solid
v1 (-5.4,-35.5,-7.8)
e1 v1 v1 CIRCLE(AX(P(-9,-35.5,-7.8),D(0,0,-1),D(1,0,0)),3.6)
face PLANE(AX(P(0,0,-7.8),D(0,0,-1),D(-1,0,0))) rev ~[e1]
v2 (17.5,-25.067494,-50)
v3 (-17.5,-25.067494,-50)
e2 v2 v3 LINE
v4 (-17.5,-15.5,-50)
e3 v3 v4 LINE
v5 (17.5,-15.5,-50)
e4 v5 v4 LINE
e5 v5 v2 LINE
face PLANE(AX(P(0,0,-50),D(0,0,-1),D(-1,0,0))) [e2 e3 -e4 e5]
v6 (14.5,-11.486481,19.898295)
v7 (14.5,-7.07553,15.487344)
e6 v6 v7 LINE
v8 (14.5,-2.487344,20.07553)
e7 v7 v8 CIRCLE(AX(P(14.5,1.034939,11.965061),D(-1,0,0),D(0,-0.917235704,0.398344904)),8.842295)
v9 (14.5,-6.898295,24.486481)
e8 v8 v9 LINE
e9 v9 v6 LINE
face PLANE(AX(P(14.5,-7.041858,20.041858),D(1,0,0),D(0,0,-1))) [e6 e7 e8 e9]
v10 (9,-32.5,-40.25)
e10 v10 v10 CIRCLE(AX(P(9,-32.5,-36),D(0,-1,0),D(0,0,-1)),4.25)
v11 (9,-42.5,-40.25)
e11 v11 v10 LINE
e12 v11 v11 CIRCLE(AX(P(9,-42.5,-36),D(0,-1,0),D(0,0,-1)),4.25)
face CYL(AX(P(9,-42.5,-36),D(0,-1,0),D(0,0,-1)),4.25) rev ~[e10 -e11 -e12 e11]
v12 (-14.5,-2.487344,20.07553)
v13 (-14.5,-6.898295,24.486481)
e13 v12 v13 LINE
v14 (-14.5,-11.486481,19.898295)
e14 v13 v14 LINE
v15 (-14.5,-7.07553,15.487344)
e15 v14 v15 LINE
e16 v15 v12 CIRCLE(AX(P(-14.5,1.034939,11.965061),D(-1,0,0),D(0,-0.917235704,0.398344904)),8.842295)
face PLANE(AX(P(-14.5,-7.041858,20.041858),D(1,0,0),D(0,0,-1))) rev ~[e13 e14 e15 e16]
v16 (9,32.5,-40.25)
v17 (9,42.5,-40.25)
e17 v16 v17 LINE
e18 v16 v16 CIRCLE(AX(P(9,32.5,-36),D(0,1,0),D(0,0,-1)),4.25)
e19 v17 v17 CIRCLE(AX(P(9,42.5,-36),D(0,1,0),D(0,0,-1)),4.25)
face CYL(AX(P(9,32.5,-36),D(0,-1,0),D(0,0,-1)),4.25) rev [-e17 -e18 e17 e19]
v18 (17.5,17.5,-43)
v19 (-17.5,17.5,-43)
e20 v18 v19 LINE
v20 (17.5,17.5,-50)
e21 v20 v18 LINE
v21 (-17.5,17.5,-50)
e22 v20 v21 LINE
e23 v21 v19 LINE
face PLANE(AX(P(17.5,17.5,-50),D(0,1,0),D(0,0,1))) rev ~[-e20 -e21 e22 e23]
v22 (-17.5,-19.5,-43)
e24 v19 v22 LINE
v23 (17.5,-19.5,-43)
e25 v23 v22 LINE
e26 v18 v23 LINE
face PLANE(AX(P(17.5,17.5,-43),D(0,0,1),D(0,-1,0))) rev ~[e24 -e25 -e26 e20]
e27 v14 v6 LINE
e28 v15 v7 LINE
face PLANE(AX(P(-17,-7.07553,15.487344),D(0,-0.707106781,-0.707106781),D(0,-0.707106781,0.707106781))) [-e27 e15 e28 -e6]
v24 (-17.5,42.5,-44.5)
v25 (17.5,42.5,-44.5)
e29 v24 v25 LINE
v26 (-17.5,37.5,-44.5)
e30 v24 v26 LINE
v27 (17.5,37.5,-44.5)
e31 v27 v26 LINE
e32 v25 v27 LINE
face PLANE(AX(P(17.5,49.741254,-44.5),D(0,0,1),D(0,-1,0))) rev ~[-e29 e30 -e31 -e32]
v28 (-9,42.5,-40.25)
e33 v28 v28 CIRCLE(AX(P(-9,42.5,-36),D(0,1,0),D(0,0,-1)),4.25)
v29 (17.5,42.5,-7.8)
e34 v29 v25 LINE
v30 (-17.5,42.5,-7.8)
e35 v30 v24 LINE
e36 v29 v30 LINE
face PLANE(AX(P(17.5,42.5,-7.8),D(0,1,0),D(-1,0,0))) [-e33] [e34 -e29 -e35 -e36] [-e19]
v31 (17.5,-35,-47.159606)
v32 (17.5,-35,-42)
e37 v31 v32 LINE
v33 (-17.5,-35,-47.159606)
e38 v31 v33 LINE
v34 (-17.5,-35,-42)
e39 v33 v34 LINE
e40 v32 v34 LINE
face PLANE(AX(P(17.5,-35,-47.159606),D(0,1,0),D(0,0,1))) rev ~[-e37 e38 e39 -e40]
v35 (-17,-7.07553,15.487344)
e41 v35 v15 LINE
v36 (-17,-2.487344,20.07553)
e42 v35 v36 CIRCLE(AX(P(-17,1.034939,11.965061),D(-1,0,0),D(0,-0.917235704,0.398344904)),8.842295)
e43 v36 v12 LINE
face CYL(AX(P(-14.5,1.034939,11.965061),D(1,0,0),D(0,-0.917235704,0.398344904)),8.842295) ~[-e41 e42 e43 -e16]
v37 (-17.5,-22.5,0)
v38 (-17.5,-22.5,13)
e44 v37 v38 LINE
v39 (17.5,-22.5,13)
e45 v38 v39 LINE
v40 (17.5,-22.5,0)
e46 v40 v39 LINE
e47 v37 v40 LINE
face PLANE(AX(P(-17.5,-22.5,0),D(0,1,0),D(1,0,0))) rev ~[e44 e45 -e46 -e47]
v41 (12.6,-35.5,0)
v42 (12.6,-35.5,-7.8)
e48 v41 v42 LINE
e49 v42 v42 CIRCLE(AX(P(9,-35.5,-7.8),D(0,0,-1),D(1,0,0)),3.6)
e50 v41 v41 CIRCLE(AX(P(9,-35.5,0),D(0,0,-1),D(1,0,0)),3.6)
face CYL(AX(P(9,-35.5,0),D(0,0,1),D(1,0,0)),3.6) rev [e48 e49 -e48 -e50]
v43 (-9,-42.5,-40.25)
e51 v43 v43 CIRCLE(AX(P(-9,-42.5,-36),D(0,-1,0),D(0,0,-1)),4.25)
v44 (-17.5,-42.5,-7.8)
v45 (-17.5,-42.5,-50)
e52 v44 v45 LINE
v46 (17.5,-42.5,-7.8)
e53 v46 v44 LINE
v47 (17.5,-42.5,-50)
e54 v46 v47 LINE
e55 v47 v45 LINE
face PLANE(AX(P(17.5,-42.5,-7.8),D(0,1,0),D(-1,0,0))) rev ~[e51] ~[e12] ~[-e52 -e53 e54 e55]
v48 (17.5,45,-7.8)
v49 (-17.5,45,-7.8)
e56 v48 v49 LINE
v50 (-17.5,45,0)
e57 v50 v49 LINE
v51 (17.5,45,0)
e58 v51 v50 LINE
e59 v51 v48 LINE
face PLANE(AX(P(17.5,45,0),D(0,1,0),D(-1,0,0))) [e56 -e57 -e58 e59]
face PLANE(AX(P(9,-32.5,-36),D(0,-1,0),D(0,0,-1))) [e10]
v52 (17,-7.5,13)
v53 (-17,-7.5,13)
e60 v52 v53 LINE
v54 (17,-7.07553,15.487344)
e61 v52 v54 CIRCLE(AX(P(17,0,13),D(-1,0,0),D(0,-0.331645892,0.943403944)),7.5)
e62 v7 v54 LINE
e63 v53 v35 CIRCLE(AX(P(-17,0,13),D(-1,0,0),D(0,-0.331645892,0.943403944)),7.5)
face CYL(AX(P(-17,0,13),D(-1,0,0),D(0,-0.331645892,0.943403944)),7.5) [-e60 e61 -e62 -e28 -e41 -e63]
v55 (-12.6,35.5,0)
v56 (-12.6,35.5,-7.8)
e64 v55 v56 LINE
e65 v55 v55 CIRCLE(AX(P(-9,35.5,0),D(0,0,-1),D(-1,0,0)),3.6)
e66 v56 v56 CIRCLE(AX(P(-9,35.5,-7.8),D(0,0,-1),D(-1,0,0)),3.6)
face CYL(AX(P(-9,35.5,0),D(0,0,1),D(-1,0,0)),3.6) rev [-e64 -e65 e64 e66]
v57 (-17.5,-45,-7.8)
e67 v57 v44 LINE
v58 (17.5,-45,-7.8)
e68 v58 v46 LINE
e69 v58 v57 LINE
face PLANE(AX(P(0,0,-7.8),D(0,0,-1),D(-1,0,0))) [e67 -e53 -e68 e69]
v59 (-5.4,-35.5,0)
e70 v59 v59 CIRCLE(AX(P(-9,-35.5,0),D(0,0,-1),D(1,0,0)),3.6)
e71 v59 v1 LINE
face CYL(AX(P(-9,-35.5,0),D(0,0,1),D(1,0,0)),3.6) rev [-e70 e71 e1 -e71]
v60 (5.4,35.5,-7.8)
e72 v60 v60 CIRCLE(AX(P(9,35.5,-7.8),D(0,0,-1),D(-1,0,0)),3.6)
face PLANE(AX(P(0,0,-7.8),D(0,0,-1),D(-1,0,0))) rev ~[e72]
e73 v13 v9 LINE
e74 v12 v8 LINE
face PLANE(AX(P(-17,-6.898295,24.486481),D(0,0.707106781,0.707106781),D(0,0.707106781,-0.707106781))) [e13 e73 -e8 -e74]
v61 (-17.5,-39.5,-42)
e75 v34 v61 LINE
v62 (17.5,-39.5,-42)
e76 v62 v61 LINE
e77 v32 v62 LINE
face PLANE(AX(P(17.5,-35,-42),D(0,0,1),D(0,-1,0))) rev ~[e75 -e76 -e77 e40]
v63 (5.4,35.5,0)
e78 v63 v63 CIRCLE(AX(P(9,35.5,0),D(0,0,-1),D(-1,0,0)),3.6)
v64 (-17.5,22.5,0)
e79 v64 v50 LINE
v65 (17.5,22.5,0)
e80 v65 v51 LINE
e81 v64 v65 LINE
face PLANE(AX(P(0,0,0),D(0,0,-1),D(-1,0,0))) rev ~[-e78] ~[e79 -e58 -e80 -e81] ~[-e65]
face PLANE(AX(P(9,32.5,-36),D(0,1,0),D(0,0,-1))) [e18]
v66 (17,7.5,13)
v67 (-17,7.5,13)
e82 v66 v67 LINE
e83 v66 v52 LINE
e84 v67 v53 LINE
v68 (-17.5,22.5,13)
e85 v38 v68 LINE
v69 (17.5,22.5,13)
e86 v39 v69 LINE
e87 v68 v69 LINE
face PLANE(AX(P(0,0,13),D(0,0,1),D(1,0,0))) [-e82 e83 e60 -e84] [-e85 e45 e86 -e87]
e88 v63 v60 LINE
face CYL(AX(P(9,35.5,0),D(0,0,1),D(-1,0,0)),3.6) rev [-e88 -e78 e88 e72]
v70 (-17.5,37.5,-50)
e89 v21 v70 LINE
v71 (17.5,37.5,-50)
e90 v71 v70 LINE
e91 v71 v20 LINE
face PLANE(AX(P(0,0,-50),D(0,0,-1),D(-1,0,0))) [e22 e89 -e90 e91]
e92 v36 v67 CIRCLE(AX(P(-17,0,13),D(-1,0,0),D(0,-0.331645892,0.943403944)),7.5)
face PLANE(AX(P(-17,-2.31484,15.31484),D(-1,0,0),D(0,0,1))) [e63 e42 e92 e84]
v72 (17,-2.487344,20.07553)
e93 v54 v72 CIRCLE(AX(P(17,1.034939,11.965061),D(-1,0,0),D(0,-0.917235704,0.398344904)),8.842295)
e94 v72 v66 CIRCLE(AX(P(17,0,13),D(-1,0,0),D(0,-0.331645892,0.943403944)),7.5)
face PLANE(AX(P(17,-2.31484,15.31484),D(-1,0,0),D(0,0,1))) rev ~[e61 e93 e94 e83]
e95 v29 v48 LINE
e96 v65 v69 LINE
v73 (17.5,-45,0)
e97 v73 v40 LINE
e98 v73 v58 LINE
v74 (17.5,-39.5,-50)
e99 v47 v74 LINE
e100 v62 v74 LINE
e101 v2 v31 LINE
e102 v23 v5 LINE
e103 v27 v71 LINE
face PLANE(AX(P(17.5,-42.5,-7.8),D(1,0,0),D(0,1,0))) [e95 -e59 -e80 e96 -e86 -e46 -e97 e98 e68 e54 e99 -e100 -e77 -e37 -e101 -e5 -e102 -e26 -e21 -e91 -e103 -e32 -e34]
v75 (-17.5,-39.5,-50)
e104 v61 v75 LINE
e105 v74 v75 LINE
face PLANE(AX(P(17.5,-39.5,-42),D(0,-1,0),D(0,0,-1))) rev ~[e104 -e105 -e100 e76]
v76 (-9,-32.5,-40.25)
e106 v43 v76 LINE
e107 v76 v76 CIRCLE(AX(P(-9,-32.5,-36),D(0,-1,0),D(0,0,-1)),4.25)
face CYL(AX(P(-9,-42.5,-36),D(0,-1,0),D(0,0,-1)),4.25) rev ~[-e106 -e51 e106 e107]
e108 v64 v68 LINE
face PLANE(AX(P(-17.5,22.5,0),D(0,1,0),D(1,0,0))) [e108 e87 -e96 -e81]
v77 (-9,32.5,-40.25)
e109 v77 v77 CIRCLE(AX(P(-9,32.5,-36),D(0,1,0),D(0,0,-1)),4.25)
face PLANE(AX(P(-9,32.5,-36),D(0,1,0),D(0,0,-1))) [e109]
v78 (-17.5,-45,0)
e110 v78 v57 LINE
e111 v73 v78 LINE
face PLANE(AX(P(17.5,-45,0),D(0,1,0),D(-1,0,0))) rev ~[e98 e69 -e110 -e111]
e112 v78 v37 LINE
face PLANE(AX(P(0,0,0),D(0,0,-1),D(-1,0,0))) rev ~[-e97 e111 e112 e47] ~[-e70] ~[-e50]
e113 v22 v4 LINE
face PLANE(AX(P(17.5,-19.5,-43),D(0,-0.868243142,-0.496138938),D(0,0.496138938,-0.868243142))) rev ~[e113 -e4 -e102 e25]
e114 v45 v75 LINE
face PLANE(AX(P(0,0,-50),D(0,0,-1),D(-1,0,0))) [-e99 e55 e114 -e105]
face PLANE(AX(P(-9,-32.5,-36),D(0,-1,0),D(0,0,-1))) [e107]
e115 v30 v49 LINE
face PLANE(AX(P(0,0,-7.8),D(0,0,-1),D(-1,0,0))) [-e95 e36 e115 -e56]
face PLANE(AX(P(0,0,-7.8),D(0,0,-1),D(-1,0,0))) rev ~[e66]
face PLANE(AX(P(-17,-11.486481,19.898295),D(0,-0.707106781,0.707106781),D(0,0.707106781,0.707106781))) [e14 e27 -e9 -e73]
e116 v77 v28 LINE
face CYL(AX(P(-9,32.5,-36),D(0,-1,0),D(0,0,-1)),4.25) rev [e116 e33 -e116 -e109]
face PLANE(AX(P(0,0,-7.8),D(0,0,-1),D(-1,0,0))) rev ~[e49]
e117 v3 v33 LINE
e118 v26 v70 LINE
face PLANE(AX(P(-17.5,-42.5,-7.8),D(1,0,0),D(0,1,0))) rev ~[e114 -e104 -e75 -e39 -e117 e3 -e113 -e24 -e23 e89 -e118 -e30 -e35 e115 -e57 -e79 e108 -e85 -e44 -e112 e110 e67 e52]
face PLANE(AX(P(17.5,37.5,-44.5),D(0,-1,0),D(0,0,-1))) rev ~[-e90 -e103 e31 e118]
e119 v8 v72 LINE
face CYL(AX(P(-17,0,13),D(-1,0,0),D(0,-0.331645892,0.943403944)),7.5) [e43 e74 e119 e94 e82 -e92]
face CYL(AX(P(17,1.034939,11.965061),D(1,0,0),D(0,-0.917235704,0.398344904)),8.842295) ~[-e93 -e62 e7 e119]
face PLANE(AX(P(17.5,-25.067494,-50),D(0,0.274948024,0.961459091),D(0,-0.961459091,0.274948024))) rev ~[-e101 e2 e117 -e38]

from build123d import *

# Parameters (mm, degrees)
SKETCH_1_W           = 35
SKETCH_1_H           = 45
EXTRUDE_1_DEPTH      = 13
SKETCH_2_W           = 35
SKETCH_2_H           = 90
SKETCH_2_R           = 3.6
EXTRUDE_2_DEPTH      = 7.8
SKETCH_3_W           = 35
SKETCH_3_H           = 85
EXTRUDE_3_DEPTH      = 42.2
CUT_EXTRUDE_1_DEPTH  = 65
EXTRUDE_4_DEPTH      = 17
EXTRUDE_4_DEPTH_BACK = 17
CUT_EXTRUDE_2_DEPTH  = 2.5
CUT_EXTRUDE_START    = -2.5
CUT_EXTRUDE_3_DEPTH  = 2.5
SKETCH_8_R           = 4.25
CUT_EXTRUDE_4_DEPTH  = 10
CUT_EXTRUDE_START_2  = -10
SKETCH_9_R           = 4.25
CUT_EXTRUDE_5_DEPTH  = 10


with BuildPart() as part:
    # Эскиз1 → Вытянуть1 (new body)
    with BuildSketch(Plane.XY):
        Rectangle(SKETCH_1_W, SKETCH_1_H)
    extrude(amount=EXTRUDE_1_DEPTH)

    # Эскиз2 → Вытянуть2 (add)
    with BuildSketch(Plane(origin=(0, 0, 0), x_dir=(-1, 0, 0), z_dir=(0, 0, -1))):
        Rectangle(SKETCH_2_W, SKETCH_2_H)
        with Locations((9, 35.5)):
            Circle(SKETCH_2_R, mode=Mode.SUBTRACT)
        with Locations((-9, 35.5)):
            Circle(SKETCH_2_R, mode=Mode.SUBTRACT)
        with Locations(Location((-9, -35.5, 0), (0, 0, 180))):
            Circle(SKETCH_2_R, mode=Mode.SUBTRACT)
        with Locations(Location((9, -35.5, 0), (0, 0, 180))):
            Circle(SKETCH_2_R, mode=Mode.SUBTRACT)
    extrude(amount=EXTRUDE_2_DEPTH)

    # Эскиз3 → Вытянуть3 (add)
    with BuildSketch(Plane(origin=(0, 0, -7.8), x_dir=(-1, 0, 0), z_dir=(0, 0, -1))):
        Rectangle(SKETCH_3_W, SKETCH_3_H)
    extrude(amount=EXTRUDE_3_DEPTH)

    # Эскиз4 → Вырез-Вытянуть1 (cut)
    with BuildSketch(Plane(origin=(17.5, 0, 0), x_dir=(0, 0, -1), z_dir=(1, 0, 0))):
        Polygon((72.312464651, -50.93467969), (72.312464651, 49.741254374), (44.5, 49.741254374), (44.5, 37.5), (50, 37.5), (50, 17.5), (43, 17.5), (43, -19.5), (50, -15.5), (50, -25.067494223), (47.159605794, -35), (42, -35), (42, -39.5), (50, -39.5), (50, -42.5), align=None)
    extrude(amount=-CUT_EXTRUDE_1_DEPTH, mode=Mode.SUBTRACT)

    # Эскиз5 → Вытянуть4 (add, two sides: drawn at the far end of the back side and taken through both)
    with BuildSketch(Plane(origin=(0, 0, 0), x_dir=(0, 0, -1), z_dir=(1, 0, 0)).offset(-EXTRUDE_4_DEPTH_BACK)):
        with BuildLine():
            Line((-15.487344192, -7.075529582), (-19.89829546, -11.486480851))
            Line((-19.89829546, -11.486480851), (-24.486480851, -6.89829546))
            Line((-24.486480851, -6.89829546), (-20.075529582, -2.487344192))
            ThreePointArc((-20.075529582, -2.487344192), (-7.696699141, 5.303300859), (-15.487344192, -7.075529582))
        make_face()
    extrude(amount=EXTRUDE_4_DEPTH + EXTRUDE_4_DEPTH_BACK)

    # Эскиз6 → Вырез-Вытянуть2 (cut)
    with BuildSketch(Plane(origin=(17, 0, 0), x_dir=(0, 0, -1), z_dir=(1, 0, 0))):
        with BuildLine():
            Line((-20.075529582, -2.487344192), (-24.486480851, -6.89829546))
            Line((-24.486480851, -6.89829546), (-19.89829546, -11.486480851))
            Line((-19.89829546, -11.486480851), (-15.487344192, -7.075529582))
            ThreePointArc((-15.487344192, -7.075529582), (-18.217507711, -5.217507711), (-20.075529582, -2.487344192))
        make_face()
    extrude(amount=-CUT_EXTRUDE_2_DEPTH, mode=Mode.SUBTRACT)

    # Эскиз7 → Вырез-Вытянуть3 (cut)
    with BuildSketch(Plane.ZY.offset(17).offset(CUT_EXTRUDE_START)):
        with BuildLine():
            Line((20.075529582, -2.487344192), (24.486480851, -6.89829546))
            Line((24.486480851, -6.89829546), (19.89829546, -11.486480851))
            Line((19.89829546, -11.486480851), (15.487344192, -7.075529582))
            ThreePointArc((15.487344192, -7.075529582), (18.217507711, -5.217507711), (20.075529582, -2.487344192))
        make_face()
    extrude(amount=CUT_EXTRUDE_3_DEPTH, mode=Mode.SUBTRACT)

    # Эскиз8 → Вырез-Вытянуть4 (cut)
    with BuildSketch(Plane.XZ.offset(42.5)):
        with Locations(Location((9, -36, 0), (0, 0, 270))):
            Circle(SKETCH_8_R)
        with Locations(Location((-9, -36, 0), (0, 0, 270))):
            Circle(SKETCH_8_R)
    extrude(amount=-CUT_EXTRUDE_4_DEPTH, mode=Mode.SUBTRACT)

    # Эскиз9 → Вырез-Вытянуть5 (cut)
    with BuildSketch(Plane(origin=(0, 42.5, 0), x_dir=(-1, 0, 0), z_dir=(0, 1, 0)).offset(CUT_EXTRUDE_START_2)):
        with Locations(Location((-9, -36, 0), (0, 0, 270))):
            Circle(SKETCH_9_R)
        with Locations(Location((9, -36, 0), (0, 0, 270))):
            Circle(SKETCH_9_R)
    extrude(amount=CUT_EXTRUDE_5_DEPTH, mode=Mode.SUBTRACT)


solid = part.part
